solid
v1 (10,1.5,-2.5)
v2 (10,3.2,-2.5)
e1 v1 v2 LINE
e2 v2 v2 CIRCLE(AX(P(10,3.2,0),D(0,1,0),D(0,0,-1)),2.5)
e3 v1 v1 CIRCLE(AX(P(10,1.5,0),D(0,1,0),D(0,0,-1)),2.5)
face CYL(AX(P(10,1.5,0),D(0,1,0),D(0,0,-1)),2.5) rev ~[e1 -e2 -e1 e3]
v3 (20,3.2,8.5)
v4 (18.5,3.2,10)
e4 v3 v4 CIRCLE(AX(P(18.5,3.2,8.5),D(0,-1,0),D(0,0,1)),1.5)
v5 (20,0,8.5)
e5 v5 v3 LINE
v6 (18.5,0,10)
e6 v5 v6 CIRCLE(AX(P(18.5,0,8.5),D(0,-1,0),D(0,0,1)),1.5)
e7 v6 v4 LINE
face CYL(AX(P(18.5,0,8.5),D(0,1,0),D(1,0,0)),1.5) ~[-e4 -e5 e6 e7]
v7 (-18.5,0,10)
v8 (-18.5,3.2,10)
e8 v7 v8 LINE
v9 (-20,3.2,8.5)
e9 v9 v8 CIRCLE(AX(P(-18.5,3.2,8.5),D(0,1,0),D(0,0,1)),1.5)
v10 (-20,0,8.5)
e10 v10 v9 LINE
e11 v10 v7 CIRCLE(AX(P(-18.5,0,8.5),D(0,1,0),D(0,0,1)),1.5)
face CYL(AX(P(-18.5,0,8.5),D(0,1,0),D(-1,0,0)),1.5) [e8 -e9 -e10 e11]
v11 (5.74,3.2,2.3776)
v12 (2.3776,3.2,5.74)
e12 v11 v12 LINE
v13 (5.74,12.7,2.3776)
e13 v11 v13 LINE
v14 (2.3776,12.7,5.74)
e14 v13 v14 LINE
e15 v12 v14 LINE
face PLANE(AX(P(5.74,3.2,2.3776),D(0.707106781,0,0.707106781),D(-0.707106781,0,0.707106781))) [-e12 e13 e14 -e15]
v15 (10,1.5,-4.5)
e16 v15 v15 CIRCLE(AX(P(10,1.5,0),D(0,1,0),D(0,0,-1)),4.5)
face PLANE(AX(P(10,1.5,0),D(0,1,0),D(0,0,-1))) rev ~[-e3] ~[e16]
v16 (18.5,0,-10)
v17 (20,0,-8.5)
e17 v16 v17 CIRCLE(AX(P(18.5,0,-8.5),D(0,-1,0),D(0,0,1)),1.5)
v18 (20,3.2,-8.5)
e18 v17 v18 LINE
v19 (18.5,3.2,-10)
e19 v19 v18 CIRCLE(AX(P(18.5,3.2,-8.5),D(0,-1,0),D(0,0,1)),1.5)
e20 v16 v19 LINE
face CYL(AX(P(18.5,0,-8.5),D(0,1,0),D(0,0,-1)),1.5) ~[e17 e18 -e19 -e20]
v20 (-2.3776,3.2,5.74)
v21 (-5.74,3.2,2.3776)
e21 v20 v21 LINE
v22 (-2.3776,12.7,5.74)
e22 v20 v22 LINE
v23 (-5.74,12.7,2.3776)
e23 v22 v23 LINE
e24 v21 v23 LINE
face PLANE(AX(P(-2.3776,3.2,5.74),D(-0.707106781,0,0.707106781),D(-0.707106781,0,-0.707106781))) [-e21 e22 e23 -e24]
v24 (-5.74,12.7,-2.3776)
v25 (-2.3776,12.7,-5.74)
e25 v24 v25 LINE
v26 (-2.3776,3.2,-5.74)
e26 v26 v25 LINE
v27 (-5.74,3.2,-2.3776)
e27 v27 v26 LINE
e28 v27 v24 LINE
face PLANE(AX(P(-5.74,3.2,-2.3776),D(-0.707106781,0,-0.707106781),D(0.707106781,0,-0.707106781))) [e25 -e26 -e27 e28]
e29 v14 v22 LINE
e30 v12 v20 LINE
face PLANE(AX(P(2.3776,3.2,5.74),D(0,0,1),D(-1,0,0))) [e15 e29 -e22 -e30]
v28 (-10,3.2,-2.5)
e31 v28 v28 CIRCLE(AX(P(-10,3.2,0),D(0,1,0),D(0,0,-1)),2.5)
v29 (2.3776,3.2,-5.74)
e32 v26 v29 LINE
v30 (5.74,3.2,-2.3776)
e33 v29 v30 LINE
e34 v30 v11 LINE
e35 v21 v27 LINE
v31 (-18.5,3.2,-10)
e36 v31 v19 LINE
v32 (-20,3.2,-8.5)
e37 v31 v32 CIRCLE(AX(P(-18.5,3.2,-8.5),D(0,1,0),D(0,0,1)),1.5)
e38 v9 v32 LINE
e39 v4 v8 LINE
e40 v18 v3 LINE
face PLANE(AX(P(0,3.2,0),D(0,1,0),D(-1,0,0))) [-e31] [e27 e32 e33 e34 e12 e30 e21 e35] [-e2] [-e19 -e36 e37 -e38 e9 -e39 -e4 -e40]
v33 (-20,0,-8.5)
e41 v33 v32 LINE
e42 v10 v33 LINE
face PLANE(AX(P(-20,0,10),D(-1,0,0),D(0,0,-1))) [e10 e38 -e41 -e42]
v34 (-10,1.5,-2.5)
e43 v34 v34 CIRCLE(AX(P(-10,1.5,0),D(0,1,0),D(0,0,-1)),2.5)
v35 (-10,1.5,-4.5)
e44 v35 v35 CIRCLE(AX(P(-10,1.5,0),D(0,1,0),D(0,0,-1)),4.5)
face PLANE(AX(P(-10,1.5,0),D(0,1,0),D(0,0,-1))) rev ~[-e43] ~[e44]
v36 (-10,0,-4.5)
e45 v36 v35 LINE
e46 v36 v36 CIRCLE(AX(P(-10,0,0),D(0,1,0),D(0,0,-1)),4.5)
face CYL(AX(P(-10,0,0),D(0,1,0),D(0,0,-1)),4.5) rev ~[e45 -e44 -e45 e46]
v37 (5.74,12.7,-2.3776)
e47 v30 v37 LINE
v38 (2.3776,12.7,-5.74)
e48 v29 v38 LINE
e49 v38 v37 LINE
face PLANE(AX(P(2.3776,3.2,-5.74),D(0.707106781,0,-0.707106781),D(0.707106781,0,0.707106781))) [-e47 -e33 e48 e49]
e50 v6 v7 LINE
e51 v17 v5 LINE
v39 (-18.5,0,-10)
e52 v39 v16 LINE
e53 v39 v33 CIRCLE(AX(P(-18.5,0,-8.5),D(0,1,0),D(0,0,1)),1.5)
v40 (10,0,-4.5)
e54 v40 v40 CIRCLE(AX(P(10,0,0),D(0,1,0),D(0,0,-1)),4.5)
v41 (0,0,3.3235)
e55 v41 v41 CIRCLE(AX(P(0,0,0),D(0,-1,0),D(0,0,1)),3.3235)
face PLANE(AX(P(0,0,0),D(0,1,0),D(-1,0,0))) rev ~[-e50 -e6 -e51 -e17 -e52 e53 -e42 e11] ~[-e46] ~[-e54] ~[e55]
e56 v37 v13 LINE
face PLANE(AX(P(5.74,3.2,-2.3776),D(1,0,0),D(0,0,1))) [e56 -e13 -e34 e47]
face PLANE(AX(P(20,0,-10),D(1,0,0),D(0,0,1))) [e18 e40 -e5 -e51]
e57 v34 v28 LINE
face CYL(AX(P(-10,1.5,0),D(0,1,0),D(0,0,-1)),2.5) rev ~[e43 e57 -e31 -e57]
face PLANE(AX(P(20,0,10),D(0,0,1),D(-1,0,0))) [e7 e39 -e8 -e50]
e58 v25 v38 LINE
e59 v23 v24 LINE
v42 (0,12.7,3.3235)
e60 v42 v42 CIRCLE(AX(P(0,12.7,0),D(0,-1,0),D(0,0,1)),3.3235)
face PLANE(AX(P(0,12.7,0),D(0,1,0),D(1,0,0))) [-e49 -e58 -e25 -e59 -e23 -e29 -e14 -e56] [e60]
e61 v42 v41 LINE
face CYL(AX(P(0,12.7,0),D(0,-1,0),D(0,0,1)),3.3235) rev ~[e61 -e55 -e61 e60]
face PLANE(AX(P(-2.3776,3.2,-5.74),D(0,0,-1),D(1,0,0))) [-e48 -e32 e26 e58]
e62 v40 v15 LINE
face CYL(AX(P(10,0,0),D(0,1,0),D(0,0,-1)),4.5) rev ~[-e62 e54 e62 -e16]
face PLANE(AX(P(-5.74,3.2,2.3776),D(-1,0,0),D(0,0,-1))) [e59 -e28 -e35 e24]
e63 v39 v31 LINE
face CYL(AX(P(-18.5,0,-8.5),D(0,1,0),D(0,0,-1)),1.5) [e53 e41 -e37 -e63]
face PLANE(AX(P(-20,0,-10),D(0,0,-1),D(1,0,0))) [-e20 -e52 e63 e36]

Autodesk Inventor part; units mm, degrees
ref_plane "YZ Plane" through (0, 0, 0) normal (1, 0, 0) x (0, 1, 0)
ref_plane "XZ Plane" through (0, 0, 0) normal (0, 1, 0) x (-1, 0, 0)
ref_plane "XY Plane" through (0, 0, 0) normal (0, 0, 1) x (1, 0, 0)
sketch "Sketch1" plane through (0, 0, 0) normal (0, 1, 0) x (-1, 0, 0)
  line L0 (20, -10) -> (-20, -10)
  line L1 (-20, -10) -> (-20, 10)
  line L2 (-20, 10) -> (20, 10)
  line L3 (20, 10) -> (20, -10)
  line L4 (20, -10) -> (-20, 10) construction
  line L5 (-20, -10) -> (20, 10) construction
  point P0 (0, 0)
  dimension "d0" = 40
  dimension "d1" = 20
extrude "Extrusion1" add sketch "Sketch1" along normal blind 3.2
sketch "Sketch2" plane through (0, 0, 0) normal (0, -1, 0) x (1, 0, 0)
  line L0 (-20, -10) -> (20, -10) projected
  line L1 (-20, 10) -> (-20, -10) projected
  point P0 (0, 0)
  point P1 (-10, 0)
  point P2 (10, 0)
  dimension "d4" = 10
  dimension "d5" = 20
  dimension "d6" = 10
hole "Hole1" at (-10, 0, 0) at (10, 0, 0) direction (0, 1, 0) diameter 5 end through all counterbore diameter 9 counterbore depth 1.5
sketch "Sketch3" plane through (0, 3.2, 0) normal (0, 1, 0) x (1, 0, 0)
  line L0 (-20, -10) -> (20, -10) projected
  line L1 (2.3776, -5.74) -> (-2.3776, -5.74)
  line L2 (-2.3776, -5.74) -> (-5.74, -2.3776)
  line L3 (-5.74, -2.3776) -> (-5.74, 2.3776)
  line L4 (-5.74, 2.3776) -> (-2.3776, 5.74)
  line L5 (-2.3776, 5.74) -> (2.3776, 5.74)
  line L6 (2.3776, 5.74) -> (5.74, 2.3776)
  line L7 (5.74, 2.3776) -> (5.74, -2.3776)
  line L8 (5.74, -2.3776) -> (2.3776, -5.74)
  point P0 (0, 0)
  point P1 (0, 0)
  dimension "d14" = 11.48
extrude "Extrusion2" add sketch "Sketch3" along normal blind 9.5
sketch "Sketch4" plane through (0, 12.7, 0) normal (0, 1, 0) x (1, 0, 0)
  point P0 (0, 0)
  point P1 (0, 0)
hole "Hole2" at (0, 12.7, 0) direction (0, -1, 0) diameter 6.647 end through all thread size "M8x1.25" class "6H" standard "ANSI Metric M Profile"
fillet "Fillet1" radius 1.5 4 edges at (-20, 1.6, 10) (20, 1.6, 10) (20, 1.6, -10) (-20, 1.6, -10)
properties part number "Metric 8mm ACME Nut Plate" material "Acetal Resin, Black"
